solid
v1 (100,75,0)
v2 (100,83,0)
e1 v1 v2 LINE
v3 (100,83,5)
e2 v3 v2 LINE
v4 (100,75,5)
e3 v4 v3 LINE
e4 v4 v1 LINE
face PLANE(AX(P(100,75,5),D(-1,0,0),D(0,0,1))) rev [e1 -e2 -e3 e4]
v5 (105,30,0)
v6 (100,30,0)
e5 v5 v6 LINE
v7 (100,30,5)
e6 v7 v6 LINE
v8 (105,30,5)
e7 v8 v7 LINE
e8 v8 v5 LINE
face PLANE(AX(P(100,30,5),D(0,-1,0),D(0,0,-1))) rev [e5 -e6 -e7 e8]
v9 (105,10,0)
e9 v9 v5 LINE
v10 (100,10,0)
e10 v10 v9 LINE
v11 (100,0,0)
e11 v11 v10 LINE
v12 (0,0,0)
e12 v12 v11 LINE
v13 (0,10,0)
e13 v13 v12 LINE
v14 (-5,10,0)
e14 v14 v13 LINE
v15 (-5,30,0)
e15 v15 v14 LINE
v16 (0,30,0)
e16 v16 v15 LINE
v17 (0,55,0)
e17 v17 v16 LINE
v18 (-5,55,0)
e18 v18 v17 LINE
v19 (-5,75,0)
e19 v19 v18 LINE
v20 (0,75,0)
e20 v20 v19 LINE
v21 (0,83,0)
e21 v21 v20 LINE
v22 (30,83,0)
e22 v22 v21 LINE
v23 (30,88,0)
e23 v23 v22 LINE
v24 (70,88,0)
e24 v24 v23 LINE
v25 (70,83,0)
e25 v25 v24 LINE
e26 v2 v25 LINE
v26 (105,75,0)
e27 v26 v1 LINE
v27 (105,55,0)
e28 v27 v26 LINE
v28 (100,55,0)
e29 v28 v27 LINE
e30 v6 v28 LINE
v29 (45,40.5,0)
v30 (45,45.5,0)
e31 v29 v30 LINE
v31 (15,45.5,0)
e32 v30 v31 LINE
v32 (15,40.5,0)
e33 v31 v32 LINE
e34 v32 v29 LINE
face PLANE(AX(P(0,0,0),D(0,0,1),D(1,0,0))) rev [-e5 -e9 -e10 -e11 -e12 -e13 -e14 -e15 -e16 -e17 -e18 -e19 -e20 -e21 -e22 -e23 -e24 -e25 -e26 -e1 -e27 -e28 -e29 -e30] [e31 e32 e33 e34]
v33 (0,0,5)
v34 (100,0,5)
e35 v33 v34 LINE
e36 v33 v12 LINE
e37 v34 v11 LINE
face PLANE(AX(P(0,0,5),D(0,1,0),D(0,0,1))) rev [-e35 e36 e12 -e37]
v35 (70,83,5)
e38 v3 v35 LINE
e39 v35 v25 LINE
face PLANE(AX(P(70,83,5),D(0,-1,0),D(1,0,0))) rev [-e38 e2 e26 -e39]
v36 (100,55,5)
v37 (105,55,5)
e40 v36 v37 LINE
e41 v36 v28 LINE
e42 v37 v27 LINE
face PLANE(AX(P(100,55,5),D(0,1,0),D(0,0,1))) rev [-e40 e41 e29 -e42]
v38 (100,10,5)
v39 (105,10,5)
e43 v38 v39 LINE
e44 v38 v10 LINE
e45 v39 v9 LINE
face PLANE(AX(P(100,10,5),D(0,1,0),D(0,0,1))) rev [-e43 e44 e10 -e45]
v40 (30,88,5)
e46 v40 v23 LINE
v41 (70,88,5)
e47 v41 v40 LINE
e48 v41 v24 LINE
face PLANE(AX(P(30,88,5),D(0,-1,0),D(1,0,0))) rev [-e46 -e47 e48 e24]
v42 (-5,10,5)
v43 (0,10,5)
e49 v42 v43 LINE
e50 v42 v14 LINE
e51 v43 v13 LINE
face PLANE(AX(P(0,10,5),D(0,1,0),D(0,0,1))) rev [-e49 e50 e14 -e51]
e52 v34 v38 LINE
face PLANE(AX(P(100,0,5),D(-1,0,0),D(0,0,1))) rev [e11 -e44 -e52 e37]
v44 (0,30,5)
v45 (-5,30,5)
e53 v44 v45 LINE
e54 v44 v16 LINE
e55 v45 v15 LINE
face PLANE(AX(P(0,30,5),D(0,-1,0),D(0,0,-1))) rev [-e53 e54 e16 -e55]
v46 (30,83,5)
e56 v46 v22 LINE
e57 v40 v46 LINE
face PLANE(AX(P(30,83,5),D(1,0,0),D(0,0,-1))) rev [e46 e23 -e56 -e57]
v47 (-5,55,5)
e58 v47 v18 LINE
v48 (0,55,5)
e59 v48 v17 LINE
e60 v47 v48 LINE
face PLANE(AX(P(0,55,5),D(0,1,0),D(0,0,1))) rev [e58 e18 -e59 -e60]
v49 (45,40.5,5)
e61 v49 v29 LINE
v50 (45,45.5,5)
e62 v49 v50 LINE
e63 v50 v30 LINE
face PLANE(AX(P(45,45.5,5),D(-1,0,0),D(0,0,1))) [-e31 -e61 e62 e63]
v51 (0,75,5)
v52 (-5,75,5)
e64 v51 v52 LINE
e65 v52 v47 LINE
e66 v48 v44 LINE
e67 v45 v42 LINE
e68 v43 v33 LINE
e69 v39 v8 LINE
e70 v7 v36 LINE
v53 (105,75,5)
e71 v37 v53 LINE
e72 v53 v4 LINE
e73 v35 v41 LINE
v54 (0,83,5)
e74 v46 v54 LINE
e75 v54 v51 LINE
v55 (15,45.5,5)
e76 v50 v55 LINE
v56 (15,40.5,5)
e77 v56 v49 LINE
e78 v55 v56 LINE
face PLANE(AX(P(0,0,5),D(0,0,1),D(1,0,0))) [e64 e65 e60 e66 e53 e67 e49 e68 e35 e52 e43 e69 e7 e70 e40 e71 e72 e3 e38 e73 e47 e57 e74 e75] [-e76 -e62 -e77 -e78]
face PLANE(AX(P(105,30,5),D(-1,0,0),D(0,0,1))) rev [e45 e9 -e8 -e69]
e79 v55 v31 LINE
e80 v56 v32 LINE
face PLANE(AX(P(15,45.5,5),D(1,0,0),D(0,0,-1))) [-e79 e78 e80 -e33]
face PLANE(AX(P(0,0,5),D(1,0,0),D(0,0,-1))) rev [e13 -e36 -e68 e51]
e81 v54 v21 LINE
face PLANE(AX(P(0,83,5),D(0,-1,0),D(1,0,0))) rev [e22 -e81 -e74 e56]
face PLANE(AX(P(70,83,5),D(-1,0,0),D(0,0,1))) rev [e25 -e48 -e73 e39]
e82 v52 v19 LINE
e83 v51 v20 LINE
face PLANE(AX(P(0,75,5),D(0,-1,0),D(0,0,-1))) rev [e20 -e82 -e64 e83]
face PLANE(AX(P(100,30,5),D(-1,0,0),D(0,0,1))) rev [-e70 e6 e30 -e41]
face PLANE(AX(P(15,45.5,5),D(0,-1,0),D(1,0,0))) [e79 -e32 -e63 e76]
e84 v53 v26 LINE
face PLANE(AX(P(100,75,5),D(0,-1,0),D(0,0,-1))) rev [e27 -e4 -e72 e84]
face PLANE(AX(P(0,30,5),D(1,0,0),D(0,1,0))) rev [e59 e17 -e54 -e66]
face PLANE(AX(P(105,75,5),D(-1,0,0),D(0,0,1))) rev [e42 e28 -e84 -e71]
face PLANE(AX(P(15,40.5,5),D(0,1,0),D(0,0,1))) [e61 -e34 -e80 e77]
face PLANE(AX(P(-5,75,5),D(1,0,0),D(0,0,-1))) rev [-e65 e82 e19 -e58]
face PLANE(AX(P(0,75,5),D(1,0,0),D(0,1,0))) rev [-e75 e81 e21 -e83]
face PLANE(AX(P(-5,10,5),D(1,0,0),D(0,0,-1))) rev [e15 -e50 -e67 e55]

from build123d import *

# Parameters (mm, degrees)
SKETCH_1_W      = 30
SKETCH_1_H      = 5
EXTRUDE_1_DEPTH = 5


with BuildPart() as part:
    # 草图1 → 凸台-拉伸1 (new body)
    with BuildSketch(Plane.XY):
        Polygon((0, 75), (0, 83), (30, 83), (30, 88), (70, 88), (70, 83), (100, 83), (100, 75), (105, 75), (105, 55), (100, 55), (100, 30), (105, 30), (105, 10), (100, 10), (100, 0), (0, 0), (0, 10), (-5, 10), (-5, 30), (0, 30), (0, 55), (-5, 55), (-5, 75), align=None)
        with Locations((30, 43)):
            Rectangle(SKETCH_1_W, SKETCH_1_H, mode=Mode.SUBTRACT)
    extrude(amount=EXTRUDE_1_DEPTH)


solid = part.part
